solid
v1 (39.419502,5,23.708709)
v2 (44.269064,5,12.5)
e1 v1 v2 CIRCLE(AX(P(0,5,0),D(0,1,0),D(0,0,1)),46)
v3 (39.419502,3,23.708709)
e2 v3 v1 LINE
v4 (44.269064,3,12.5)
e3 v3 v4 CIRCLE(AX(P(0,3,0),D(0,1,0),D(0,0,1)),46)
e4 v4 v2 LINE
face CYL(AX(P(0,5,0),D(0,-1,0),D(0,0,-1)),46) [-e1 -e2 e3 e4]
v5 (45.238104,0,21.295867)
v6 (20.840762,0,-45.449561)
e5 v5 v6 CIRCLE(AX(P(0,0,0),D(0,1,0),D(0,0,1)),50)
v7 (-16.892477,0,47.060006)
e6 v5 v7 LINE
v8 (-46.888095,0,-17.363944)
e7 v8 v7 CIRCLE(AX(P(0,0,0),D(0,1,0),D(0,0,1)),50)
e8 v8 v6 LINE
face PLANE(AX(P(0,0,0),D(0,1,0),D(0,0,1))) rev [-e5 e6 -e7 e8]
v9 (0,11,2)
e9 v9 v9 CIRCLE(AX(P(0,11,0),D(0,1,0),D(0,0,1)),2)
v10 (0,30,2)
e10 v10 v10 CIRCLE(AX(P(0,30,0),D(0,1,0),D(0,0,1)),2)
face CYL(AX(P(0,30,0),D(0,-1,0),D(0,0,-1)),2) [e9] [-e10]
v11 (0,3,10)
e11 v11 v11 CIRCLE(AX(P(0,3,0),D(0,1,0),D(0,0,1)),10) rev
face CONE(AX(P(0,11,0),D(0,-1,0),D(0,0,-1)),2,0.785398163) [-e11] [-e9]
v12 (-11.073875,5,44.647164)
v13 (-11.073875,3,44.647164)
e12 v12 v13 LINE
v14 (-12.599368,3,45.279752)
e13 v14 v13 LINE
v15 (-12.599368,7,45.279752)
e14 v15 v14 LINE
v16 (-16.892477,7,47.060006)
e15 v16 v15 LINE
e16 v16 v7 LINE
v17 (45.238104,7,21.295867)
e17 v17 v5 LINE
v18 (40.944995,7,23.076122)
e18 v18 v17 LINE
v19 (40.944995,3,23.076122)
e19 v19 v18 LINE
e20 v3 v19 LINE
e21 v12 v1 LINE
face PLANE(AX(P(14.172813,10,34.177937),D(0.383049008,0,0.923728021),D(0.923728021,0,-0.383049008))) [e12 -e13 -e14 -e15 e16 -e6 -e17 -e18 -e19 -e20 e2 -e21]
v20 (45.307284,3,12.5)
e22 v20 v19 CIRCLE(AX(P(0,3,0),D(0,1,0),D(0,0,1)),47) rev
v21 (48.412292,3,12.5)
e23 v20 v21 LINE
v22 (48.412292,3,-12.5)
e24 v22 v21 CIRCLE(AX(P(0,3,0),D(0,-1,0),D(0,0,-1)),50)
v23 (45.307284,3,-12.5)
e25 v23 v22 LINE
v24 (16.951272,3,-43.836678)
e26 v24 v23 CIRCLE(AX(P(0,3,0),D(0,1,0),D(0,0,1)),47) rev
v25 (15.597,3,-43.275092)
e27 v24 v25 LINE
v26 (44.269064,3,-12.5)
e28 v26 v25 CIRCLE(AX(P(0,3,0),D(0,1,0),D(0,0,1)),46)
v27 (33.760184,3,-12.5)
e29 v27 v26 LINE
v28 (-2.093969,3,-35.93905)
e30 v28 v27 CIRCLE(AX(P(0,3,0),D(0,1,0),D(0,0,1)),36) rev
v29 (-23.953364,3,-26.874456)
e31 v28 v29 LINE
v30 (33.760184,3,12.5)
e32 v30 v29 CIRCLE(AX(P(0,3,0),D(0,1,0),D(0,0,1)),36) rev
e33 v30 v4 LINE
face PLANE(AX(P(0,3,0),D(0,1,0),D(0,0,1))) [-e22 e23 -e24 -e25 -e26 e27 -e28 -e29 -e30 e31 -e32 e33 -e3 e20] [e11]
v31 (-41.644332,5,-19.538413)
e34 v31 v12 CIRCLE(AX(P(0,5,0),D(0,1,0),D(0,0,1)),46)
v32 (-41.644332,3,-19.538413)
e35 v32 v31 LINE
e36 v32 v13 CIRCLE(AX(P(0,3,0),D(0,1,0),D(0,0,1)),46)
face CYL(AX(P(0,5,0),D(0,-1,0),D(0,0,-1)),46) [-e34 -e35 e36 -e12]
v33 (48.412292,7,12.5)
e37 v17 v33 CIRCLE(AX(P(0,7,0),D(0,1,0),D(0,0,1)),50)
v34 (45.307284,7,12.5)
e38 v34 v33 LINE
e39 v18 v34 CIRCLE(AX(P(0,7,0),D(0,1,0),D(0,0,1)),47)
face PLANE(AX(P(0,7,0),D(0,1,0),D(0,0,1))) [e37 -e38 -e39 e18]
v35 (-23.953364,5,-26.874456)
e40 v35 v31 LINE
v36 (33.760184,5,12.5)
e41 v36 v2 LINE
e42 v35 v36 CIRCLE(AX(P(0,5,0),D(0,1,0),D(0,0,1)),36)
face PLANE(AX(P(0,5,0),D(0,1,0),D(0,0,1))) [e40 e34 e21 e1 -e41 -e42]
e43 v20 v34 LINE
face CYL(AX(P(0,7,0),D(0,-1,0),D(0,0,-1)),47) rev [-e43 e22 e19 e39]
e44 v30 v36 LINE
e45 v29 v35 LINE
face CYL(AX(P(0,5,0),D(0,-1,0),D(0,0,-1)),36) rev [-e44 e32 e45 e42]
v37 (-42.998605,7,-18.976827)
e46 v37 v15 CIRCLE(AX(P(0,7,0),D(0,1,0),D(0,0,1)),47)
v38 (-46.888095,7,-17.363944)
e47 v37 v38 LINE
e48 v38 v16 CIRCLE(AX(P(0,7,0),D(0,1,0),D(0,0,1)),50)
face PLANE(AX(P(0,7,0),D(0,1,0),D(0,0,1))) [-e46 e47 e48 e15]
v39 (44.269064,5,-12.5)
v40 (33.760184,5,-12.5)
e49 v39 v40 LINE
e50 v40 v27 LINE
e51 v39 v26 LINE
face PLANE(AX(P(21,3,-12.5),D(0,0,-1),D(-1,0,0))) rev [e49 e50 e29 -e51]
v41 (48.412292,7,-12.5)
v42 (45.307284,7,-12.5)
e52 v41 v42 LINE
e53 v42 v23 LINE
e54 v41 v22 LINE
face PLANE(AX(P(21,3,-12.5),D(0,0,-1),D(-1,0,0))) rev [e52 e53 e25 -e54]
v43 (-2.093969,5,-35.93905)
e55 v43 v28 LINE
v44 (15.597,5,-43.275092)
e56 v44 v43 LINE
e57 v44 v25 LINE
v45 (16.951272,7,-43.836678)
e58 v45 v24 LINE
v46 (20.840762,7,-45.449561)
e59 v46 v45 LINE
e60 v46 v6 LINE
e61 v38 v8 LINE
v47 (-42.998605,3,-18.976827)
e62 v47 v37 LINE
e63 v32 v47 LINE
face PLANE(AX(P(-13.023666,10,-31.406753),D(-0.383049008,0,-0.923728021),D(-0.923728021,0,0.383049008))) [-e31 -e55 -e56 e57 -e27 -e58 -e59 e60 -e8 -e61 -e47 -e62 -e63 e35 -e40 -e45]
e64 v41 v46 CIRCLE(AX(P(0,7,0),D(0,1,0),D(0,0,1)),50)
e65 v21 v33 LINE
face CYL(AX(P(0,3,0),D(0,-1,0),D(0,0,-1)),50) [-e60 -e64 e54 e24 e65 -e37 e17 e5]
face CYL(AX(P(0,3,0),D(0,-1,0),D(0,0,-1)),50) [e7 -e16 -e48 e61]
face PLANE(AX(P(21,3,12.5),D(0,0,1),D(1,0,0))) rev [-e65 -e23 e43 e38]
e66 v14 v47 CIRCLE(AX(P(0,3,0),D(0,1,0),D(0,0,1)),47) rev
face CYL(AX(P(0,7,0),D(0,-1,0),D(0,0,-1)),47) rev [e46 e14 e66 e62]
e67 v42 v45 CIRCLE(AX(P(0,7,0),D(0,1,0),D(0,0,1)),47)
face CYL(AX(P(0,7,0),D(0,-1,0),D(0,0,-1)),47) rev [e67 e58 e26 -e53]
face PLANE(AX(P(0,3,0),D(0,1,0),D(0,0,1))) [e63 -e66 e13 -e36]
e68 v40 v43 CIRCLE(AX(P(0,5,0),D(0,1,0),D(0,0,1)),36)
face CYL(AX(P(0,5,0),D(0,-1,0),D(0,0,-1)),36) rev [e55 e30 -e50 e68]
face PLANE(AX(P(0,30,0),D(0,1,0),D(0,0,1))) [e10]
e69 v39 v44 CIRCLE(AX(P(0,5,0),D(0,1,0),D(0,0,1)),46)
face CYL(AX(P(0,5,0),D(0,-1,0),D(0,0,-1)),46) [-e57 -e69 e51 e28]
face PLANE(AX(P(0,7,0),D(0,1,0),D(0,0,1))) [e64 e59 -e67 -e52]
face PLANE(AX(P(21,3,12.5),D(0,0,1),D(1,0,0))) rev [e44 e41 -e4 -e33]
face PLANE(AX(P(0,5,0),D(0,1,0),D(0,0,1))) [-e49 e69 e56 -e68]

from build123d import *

# Parameters (mm, degrees)
SKETCH1_R           = 50
BOSS_EXTRUDE1_DEPTH = 3
SKETCH2_R           = 50
SKETCH2_R_2         = 47
BOSS_EXTRUDE2_DEPTH = 4
SKETCH3_R           = 2
BOSS_EXTRUDE3_DEPTH = 27
CHAMFER1_SIZE       = 8
SKETCH4_R           = 46
SKETCH4_R_2         = 36
BOSS_EXTRUDE4_DEPTH = 2
CUT_EXTRUDE1_START  = 80
SKETCH5_W           = 25
SKETCH5_H           = 8
CUT_EXTRUDE1_DEPTH  = 59
CUT_EXTRUDE2_DEPTH  = 10
CUT_EXTRUDE3_DEPTH  = 10


with BuildPart() as part:
    # Sketch1 → Boss-Extrude1 (new body)
    with BuildSketch(Plane(origin=(0, 0, 0), x_dir=(1, 0, 0), z_dir=(0, 1, 0))):
        Circle(SKETCH1_R)
    extrude(amount=BOSS_EXTRUDE1_DEPTH)

    # Sketch2 → Boss-Extrude2 (add)
    with BuildSketch(Plane(origin=(0, 3, 0), x_dir=(1, 0, 0), z_dir=(0, 1, 0))):
        Circle(SKETCH2_R)
        Circle(SKETCH2_R_2, mode=Mode.SUBTRACT)
    extrude(amount=BOSS_EXTRUDE2_DEPTH)

    # Sketch3 → Boss-Extrude3 (add)
    with BuildSketch(Plane(origin=(0, 3, 0), x_dir=(1, 0, 0), z_dir=(0, 1, 0))):
        Circle(SKETCH3_R)
    extrude(amount=BOSS_EXTRUDE3_DEPTH)

    # Chamfer1
    chamfer1_edges = [part.edges().sort_by_distance(p)[0] for p in [
        (-2, 3, 0),
    ]]
    chamfer(chamfer1_edges, length=CHAMFER1_SIZE)

    # Sketch4 → Boss-Extrude4 (add)
    with BuildSketch(Plane(origin=(0, 3, 0), x_dir=(1, 0, 0), z_dir=(0, 1, 0))):
        Circle(SKETCH4_R)
        Circle(SKETCH4_R_2, mode=Mode.SUBTRACT)
    extrude(amount=BOSS_EXTRUDE4_DEPTH)

    # Sketch5 → Cut-Extrude1 (cut)
    with BuildSketch(Plane(origin=(0, 0, 0), x_dir=(0, 0, -1), z_dir=(1, 0, 0)).offset(CUT_EXTRUDE1_START)):
        with Locations((0, 7)):
            Rectangle(SKETCH5_W, SKETCH5_H)
    extrude(amount=-CUT_EXTRUDE1_DEPTH, mode=Mode.SUBTRACT)

    # Sketch7 → Cut-Extrude2 (cut)
    with BuildSketch(Plane.XZ):
        with BuildLine():
            Line((-119.395726794, 97.143761629), (-5.083168687, 49.740942855))
            ThreePointArc((-5.083168687, 49.740942855), (19.152450403, 46.186401067), (38.791481396, 31.547123024))
            Line((38.791481396, 31.547123024), (134.629479077, -8.194715589))
            Line((134.629479077, -8.194715589), (149.847747334, 28.504350406))
            Line((149.847747334, 28.504350406), (-104.177458536, 133.842827624))
            Line((-104.177458536, 133.842827624), (-119.395726794, 97.143761629))
        make_face()
        with BuildLine():
            ThreePointArc((38.791481396, 31.547123024), (41.025780027, 28.581206642), (43.033800963, 25.457650612))
            Line((43.033800963, 25.457650612), (133.097283044, -11.889627674))
            Line((133.097283044, -11.889627674), (134.629479077, -8.194715589))
            Line((134.629479077, -8.194715589), (38.791481396, 31.547123024))
        make_face()
        with BuildLine():
            ThreePointArc((38.791481396, 31.547123024), (19.152450403, 46.186401067), (-5.083168687, 49.740942855))
            Line((-5.083168687, 49.740942855), (38.791481396, 31.547123024))
        make_face()
        with BuildLine():
            ThreePointArc((-5.083168687, 49.740942855), (-8.76068428, 49.226521418), (-12.389880318, 48.440591096))
            Line((-12.389880318, 48.440591096), (43.033800963, 25.457650612))
            ThreePointArc((43.033800963, 25.457650612), (41.025780027, 28.581206642), (38.791481396, 31.547123024))
            Line((38.791481396, 31.547123024), (-5.083168687, 49.740942855))
        make_face()
        with BuildLine():
            Line((-120.927922826, 93.448849543), (-12.389880318, 48.440591096))
            ThreePointArc((-12.389880318, 48.440591096), (-8.76068428, 49.226521418), (-5.083168687, 49.740942855))
            Line((-5.083168687, 49.740942855), (-119.395726794, 97.143761629))
            Line((-119.395726794, 97.143761629), (-120.927922826, 93.448849543))
        make_face()
        with BuildLine():
            Line((-11.858515668, -55.706448378), (84.665757499, -95.732869831))
            Line((84.665757499, -95.732869831), (92.00979772, -81.45716056))
            Line((92.00979772, -81.45716056), (86.695290109, -79.253355087))
            Line((86.695290109, -79.253355087), (87.844437133, -76.482171023))
            Line((87.844437133, -76.482171023), (16.892477306, -47.060006486))
            ThreePointArc((16.892477306, -47.060006486), (-19.152450403, -46.186401067), (-45.238103903, -21.295867094))
            Line((-45.238103903, -21.295867094), (-140.17236541, 18.071212676))
            Line((-140.17236541, 18.071212676), (-142.248536864, 13.06449628))
            Line((-142.248536864, 13.06449628), (-142.248536864, 11.37179915))
            Line((-142.248536864, 11.37179915), (-11.858515668, -55.706448378))
        make_face()
        with BuildLine():
            ThreePointArc((-45.238103903, -21.295867094), (-19.152450403, -46.186401067), (16.892477306, -47.060006486))
            Line((16.892477306, -47.060006486), (-45.238103903, -21.295867094))
        make_face()
    extrude(amount=-CUT_EXTRUDE2_DEPTH, mode=Mode.SUBTRACT)

    # Sketch8 → Cut-Extrude3 (cut)
    with BuildSketch(Plane.XZ):
        with BuildLine():
            ThreePointArc((16.892477306, -47.060006486), (18.883795364, -46.296892689), (20.840762361, -45.44956132))
            Line((20.840762361, -45.44956132), (18.04162433, -44.288822422))
            Line((18.04162433, -44.288822422), (-44.088956879, -18.52468303))
            Line((-44.088956879, -18.52468303), (-46.888094909, -17.363944131))
            ThreePointArc((-46.888094909, -17.363944131), (-46.105033689, -19.347502903), (-45.238103903, -21.295867094))
            Line((-45.238103903, -21.295867094), (16.892477306, -47.060006486))
        make_face()
        with BuildLine():
            Line((41.387159819, 22.892766048), (41.884653939, 22.686466548))
            Line((41.884653939, 22.686466548), (45.238103903, 21.295867094))
            ThreePointArc((45.238103903, 21.295867094), (44.184979435, 23.402726173), (43.033800963, 25.457650612))
            Line((43.033800963, 25.457650612), (-12.389880318, 48.440591096))
            ThreePointArc((-12.389880318, 48.440591096), (-14.657442494, 47.803340673), (-16.892477306, 47.060006486))
            Line((-16.892477306, 47.060006486), (-13.539027342, 45.669407032))
            Line((-13.539027342, 45.669407032), (-11.390013124, 44.778259697))
            Line((-11.390013124, 44.778259697), (41.387159819, 22.892766048))
        make_face()
    extrude(amount=-CUT_EXTRUDE3_DEPTH, mode=Mode.SUBTRACT)


solid = part.part
